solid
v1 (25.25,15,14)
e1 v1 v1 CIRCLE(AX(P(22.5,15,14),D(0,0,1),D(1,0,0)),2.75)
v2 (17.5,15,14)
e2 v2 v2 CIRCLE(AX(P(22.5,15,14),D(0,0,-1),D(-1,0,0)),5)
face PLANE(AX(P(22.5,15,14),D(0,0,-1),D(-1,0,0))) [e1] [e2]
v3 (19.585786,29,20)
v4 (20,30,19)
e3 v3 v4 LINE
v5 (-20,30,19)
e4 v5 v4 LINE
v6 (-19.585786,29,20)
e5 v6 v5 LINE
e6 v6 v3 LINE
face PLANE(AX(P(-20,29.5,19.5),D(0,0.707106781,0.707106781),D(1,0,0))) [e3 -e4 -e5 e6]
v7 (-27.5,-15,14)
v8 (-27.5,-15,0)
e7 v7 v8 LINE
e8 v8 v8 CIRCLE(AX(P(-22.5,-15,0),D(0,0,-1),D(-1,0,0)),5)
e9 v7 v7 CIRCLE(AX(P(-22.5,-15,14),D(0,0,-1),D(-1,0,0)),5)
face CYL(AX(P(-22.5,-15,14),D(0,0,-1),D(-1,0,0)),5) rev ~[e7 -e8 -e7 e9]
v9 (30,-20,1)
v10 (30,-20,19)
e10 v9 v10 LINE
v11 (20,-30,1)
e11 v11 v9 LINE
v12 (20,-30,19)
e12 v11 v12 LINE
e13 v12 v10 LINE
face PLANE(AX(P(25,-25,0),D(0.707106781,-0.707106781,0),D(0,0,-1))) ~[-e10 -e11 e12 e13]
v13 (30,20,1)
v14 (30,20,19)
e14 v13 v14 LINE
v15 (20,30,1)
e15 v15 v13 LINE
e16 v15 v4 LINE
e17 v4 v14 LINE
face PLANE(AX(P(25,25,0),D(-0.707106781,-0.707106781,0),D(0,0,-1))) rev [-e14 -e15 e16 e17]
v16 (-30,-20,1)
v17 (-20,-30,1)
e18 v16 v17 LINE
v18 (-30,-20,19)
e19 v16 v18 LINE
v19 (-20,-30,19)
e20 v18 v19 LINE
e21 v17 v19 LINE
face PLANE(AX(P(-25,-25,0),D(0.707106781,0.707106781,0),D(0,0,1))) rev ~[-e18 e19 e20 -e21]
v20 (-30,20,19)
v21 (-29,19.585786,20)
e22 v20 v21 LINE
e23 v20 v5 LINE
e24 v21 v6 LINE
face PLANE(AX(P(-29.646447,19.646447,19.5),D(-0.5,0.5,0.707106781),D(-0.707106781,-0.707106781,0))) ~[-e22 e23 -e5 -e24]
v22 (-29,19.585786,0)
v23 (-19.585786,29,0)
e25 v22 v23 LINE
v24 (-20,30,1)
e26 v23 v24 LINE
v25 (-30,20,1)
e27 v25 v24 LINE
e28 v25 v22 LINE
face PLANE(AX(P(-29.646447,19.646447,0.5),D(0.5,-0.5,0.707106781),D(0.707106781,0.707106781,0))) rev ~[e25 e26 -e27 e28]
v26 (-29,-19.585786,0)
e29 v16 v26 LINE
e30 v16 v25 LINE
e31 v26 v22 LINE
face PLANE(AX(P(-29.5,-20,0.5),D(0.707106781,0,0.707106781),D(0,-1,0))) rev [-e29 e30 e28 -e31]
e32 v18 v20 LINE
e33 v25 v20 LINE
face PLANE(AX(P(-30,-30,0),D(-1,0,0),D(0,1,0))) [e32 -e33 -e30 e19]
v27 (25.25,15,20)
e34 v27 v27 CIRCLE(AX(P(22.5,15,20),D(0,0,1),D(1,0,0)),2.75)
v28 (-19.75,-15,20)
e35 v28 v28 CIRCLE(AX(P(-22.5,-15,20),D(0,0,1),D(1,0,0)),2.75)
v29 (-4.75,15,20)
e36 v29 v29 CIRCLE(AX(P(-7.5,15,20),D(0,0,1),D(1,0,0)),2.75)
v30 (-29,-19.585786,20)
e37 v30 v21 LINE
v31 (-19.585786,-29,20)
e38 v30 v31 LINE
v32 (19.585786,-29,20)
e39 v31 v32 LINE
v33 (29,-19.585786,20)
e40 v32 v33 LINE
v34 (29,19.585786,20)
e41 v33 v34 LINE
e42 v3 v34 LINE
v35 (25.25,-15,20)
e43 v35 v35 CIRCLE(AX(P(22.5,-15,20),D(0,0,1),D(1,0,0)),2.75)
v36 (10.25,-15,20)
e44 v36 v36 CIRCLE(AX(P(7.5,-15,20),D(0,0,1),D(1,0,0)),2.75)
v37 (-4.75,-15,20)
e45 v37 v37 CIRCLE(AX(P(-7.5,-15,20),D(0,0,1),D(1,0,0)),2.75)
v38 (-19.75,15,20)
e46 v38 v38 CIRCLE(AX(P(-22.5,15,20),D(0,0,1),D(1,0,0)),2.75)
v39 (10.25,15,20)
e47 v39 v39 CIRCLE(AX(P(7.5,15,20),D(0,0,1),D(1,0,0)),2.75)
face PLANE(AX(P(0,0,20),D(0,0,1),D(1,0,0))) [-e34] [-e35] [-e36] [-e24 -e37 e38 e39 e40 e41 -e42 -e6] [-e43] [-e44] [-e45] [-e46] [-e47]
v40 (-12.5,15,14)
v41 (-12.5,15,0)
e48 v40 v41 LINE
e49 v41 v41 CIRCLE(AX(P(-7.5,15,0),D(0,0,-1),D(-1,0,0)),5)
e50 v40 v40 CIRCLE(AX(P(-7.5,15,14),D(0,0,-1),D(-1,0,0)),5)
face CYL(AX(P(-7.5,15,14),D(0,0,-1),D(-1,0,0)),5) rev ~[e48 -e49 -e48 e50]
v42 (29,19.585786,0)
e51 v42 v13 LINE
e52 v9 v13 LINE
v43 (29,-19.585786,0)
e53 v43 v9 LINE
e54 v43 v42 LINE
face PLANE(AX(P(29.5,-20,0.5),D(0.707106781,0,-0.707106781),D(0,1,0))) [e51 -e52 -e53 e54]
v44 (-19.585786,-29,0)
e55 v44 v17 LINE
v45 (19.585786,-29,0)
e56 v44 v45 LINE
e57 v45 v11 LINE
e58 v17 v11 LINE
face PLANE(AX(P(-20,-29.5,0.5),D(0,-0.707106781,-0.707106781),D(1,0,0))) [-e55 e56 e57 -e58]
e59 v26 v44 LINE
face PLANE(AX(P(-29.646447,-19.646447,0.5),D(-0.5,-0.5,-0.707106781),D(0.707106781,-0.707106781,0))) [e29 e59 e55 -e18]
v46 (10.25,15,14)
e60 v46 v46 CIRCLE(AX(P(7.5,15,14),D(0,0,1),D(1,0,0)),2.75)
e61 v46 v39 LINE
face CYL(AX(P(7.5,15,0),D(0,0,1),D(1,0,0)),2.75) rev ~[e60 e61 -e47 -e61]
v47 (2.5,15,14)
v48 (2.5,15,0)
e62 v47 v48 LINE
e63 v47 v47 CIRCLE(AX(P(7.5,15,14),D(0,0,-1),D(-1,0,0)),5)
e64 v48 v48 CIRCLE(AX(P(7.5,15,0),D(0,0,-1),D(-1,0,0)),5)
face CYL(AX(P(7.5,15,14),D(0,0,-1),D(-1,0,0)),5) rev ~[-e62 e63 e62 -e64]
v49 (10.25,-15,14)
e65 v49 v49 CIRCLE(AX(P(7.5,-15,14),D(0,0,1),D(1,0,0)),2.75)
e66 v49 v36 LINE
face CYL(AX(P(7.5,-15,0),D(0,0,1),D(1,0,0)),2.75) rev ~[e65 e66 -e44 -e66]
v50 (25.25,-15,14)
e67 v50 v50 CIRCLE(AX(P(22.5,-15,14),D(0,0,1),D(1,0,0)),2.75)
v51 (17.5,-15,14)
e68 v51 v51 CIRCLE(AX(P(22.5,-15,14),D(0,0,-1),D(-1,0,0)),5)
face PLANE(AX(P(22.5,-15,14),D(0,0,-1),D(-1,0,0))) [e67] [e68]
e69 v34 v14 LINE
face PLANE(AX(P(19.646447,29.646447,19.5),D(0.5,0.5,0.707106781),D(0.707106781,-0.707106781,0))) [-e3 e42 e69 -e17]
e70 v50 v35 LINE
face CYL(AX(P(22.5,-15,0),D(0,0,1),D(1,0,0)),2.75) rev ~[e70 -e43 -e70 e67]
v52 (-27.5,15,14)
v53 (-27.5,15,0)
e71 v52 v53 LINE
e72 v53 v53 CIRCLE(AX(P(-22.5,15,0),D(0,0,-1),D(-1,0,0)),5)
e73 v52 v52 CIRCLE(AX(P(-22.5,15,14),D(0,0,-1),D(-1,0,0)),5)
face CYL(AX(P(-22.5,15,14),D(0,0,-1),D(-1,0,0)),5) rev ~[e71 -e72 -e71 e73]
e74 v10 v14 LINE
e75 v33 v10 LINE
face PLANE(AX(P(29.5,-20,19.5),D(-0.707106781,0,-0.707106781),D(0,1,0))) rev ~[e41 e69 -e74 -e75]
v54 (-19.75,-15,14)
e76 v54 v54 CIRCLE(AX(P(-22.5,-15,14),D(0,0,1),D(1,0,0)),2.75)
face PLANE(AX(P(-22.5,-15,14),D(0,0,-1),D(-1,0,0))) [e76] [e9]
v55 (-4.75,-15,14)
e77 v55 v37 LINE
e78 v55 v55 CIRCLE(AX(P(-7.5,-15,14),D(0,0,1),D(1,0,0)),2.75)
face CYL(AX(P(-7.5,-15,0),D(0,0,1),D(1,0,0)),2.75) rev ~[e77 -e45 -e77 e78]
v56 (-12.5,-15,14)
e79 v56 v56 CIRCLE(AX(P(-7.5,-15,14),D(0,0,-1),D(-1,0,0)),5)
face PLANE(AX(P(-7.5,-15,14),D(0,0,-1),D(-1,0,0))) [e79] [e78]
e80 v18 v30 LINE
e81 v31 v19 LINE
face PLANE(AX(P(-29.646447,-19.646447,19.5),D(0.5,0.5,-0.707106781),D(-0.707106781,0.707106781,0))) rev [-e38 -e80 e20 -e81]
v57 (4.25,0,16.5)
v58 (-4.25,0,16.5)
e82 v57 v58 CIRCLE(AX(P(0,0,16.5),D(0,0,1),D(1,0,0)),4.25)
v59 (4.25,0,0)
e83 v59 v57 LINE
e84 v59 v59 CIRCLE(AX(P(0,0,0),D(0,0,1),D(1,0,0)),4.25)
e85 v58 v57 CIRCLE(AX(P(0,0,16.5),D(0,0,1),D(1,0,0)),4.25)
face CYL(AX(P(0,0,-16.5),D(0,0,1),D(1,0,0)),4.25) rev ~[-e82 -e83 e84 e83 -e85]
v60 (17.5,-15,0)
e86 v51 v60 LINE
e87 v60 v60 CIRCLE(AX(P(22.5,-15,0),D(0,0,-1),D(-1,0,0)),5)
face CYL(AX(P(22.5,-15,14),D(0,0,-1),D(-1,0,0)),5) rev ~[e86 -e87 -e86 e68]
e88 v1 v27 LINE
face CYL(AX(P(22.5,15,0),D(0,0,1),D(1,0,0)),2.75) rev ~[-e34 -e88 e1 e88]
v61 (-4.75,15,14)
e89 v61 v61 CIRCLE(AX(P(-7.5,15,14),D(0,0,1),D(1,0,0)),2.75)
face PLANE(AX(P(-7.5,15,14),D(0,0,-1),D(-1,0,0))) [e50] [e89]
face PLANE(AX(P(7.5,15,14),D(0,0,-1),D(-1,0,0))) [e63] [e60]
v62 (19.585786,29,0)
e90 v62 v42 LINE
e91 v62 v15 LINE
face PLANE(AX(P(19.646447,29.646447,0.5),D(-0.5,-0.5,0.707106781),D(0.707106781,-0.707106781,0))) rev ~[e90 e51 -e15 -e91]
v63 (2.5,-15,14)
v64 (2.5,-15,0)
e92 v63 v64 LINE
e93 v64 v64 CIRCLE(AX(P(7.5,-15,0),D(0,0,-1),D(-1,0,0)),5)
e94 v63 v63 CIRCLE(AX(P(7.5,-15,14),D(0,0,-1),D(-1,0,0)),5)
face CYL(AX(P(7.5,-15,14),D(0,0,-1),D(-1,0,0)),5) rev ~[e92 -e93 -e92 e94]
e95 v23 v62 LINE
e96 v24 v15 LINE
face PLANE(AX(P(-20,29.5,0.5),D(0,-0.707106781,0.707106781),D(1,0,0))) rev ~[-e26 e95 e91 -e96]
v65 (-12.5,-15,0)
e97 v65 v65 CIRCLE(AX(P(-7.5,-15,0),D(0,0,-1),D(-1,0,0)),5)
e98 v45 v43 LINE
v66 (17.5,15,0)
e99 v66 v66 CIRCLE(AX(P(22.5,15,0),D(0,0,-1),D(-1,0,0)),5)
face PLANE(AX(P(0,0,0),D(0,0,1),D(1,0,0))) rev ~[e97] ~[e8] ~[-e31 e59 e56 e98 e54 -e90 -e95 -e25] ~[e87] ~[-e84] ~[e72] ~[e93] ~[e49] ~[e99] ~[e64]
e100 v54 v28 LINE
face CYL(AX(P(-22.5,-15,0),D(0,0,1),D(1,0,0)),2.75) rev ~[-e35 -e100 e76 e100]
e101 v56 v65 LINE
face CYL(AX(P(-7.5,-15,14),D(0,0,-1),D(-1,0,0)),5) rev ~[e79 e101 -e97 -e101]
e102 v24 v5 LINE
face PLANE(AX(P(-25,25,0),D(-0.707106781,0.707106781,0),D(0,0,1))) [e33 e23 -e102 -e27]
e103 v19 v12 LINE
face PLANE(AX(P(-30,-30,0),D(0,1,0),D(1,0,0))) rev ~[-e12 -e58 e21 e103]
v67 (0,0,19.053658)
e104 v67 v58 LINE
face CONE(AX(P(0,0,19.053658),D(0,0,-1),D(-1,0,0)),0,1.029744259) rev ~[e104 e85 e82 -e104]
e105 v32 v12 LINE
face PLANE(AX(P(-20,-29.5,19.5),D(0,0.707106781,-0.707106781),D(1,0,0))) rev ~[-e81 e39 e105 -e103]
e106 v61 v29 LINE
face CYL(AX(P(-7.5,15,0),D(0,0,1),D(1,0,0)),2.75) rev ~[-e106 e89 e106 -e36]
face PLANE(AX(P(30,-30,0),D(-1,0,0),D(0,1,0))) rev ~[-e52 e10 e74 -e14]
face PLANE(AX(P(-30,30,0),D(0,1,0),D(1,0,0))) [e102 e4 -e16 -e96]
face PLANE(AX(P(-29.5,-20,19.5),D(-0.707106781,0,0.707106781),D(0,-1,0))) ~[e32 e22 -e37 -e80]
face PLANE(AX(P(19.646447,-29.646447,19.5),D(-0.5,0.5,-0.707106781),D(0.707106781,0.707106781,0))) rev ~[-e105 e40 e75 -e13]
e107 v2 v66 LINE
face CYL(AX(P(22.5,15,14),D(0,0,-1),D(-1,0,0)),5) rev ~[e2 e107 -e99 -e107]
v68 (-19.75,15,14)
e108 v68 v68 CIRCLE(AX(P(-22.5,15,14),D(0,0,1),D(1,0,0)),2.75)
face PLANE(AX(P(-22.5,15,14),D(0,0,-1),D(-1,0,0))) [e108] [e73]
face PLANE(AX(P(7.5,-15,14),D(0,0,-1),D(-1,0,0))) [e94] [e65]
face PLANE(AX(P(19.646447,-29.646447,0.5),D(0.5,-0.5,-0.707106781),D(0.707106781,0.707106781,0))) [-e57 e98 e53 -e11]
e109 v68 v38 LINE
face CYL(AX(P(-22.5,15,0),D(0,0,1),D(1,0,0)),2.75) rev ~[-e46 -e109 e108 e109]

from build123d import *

# Parameters (mm, degrees)
SKETCH_1_W                = 60
SKETCH_1_H                = 60
EXTRUDE_1_DEPTH           = 20
HOLE_WIZARD_1_D           = 5.5
HOLE_WIZARD_1_CBORE_D     = 10
HOLE_WIZARD_1_CBORE_DEPTH = 14
CHAMFER_1_SIZE            = 10
CHAMFER_2_SIZE            = 1
HOLE_WIZARD_M10_1_D       = 8.5
HOLE_WIZARD_M10_1_DEPTH   = 16.5
HOLE_WIZARD_M10_1_TIP     = 2.553657631


with BuildPart() as part:
    # 草图1 → 凸台-拉伸1 (new body)
    with BuildSketch(Plane.XY):
        Rectangle(SKETCH_1_W, SKETCH_1_H)
    extrude(amount=EXTRUDE_1_DEPTH)

    # 打孔尺寸(%根据)内六角圆柱头螺钉的类型1 (through all)
    with Locations(Plane(origin=(0, 0, 0), x_dir=(-1, 0, 0), z_dir=(0, 0, -1))):
        with Locations((-22.5, 15), (-22.5, -15), (-7.5, 15), (-7.5, -15), (22.5, -15), (7.5, 15), (7.5, -15), (22.5, 15)):
            CounterBoreHole(HOLE_WIZARD_1_D / 2, HOLE_WIZARD_1_CBORE_D / 2, HOLE_WIZARD_1_CBORE_DEPTH)

    # 倒角1
    chamfer_1_edges = [part.edges().sort_by_distance(p)[0] for p in [
        (30, -30, 10),
        (-30, -30, 10),
        (-30, 30, 10),
        (30, 30, 10),
    ]]
    chamfer(chamfer_1_edges, length=CHAMFER_1_SIZE)

    # 倒角2
    chamfer_2_edges = [part.edges().sort_by_distance(p)[0] for p in [
        (0, -30, 0),
        (0, -30, 20),
        (30, 0, 0),
        (-30, 0, 0),
        (0, 30, 0),
        (25, 25, 0),
        (25, -25, 0),
        (-25, 25, 0),
        (-25, -25, 0),
        (-30, 0, 20),
        (30, 0, 20),
        (0, 30, 20),
        (25, 25, 20),
        (25, -25, 20),
        (-25, 25, 20),
        (-25, -25, 20),
    ]]
    chamfer(chamfer_2_edges, length=CHAMFER_2_SIZE)

    # M10 螺纹孔1
    with Locations(Plane(origin=(0, 0, 0), x_dir=(-1, 0, 0), z_dir=(0, 0, -1))):
        with Locations((0, 0)):
            Hole(HOLE_WIZARD_M10_1_D / 2, depth=HOLE_WIZARD_M10_1_DEPTH)
            with Locations((0, 0, -(HOLE_WIZARD_M10_1_DEPTH + HOLE_WIZARD_M10_1_TIP / 2))):  # 118° drill point
                Cone(0, HOLE_WIZARD_M10_1_D / 2, HOLE_WIZARD_M10_1_TIP, mode=Mode.SUBTRACT)


solid = part.part
